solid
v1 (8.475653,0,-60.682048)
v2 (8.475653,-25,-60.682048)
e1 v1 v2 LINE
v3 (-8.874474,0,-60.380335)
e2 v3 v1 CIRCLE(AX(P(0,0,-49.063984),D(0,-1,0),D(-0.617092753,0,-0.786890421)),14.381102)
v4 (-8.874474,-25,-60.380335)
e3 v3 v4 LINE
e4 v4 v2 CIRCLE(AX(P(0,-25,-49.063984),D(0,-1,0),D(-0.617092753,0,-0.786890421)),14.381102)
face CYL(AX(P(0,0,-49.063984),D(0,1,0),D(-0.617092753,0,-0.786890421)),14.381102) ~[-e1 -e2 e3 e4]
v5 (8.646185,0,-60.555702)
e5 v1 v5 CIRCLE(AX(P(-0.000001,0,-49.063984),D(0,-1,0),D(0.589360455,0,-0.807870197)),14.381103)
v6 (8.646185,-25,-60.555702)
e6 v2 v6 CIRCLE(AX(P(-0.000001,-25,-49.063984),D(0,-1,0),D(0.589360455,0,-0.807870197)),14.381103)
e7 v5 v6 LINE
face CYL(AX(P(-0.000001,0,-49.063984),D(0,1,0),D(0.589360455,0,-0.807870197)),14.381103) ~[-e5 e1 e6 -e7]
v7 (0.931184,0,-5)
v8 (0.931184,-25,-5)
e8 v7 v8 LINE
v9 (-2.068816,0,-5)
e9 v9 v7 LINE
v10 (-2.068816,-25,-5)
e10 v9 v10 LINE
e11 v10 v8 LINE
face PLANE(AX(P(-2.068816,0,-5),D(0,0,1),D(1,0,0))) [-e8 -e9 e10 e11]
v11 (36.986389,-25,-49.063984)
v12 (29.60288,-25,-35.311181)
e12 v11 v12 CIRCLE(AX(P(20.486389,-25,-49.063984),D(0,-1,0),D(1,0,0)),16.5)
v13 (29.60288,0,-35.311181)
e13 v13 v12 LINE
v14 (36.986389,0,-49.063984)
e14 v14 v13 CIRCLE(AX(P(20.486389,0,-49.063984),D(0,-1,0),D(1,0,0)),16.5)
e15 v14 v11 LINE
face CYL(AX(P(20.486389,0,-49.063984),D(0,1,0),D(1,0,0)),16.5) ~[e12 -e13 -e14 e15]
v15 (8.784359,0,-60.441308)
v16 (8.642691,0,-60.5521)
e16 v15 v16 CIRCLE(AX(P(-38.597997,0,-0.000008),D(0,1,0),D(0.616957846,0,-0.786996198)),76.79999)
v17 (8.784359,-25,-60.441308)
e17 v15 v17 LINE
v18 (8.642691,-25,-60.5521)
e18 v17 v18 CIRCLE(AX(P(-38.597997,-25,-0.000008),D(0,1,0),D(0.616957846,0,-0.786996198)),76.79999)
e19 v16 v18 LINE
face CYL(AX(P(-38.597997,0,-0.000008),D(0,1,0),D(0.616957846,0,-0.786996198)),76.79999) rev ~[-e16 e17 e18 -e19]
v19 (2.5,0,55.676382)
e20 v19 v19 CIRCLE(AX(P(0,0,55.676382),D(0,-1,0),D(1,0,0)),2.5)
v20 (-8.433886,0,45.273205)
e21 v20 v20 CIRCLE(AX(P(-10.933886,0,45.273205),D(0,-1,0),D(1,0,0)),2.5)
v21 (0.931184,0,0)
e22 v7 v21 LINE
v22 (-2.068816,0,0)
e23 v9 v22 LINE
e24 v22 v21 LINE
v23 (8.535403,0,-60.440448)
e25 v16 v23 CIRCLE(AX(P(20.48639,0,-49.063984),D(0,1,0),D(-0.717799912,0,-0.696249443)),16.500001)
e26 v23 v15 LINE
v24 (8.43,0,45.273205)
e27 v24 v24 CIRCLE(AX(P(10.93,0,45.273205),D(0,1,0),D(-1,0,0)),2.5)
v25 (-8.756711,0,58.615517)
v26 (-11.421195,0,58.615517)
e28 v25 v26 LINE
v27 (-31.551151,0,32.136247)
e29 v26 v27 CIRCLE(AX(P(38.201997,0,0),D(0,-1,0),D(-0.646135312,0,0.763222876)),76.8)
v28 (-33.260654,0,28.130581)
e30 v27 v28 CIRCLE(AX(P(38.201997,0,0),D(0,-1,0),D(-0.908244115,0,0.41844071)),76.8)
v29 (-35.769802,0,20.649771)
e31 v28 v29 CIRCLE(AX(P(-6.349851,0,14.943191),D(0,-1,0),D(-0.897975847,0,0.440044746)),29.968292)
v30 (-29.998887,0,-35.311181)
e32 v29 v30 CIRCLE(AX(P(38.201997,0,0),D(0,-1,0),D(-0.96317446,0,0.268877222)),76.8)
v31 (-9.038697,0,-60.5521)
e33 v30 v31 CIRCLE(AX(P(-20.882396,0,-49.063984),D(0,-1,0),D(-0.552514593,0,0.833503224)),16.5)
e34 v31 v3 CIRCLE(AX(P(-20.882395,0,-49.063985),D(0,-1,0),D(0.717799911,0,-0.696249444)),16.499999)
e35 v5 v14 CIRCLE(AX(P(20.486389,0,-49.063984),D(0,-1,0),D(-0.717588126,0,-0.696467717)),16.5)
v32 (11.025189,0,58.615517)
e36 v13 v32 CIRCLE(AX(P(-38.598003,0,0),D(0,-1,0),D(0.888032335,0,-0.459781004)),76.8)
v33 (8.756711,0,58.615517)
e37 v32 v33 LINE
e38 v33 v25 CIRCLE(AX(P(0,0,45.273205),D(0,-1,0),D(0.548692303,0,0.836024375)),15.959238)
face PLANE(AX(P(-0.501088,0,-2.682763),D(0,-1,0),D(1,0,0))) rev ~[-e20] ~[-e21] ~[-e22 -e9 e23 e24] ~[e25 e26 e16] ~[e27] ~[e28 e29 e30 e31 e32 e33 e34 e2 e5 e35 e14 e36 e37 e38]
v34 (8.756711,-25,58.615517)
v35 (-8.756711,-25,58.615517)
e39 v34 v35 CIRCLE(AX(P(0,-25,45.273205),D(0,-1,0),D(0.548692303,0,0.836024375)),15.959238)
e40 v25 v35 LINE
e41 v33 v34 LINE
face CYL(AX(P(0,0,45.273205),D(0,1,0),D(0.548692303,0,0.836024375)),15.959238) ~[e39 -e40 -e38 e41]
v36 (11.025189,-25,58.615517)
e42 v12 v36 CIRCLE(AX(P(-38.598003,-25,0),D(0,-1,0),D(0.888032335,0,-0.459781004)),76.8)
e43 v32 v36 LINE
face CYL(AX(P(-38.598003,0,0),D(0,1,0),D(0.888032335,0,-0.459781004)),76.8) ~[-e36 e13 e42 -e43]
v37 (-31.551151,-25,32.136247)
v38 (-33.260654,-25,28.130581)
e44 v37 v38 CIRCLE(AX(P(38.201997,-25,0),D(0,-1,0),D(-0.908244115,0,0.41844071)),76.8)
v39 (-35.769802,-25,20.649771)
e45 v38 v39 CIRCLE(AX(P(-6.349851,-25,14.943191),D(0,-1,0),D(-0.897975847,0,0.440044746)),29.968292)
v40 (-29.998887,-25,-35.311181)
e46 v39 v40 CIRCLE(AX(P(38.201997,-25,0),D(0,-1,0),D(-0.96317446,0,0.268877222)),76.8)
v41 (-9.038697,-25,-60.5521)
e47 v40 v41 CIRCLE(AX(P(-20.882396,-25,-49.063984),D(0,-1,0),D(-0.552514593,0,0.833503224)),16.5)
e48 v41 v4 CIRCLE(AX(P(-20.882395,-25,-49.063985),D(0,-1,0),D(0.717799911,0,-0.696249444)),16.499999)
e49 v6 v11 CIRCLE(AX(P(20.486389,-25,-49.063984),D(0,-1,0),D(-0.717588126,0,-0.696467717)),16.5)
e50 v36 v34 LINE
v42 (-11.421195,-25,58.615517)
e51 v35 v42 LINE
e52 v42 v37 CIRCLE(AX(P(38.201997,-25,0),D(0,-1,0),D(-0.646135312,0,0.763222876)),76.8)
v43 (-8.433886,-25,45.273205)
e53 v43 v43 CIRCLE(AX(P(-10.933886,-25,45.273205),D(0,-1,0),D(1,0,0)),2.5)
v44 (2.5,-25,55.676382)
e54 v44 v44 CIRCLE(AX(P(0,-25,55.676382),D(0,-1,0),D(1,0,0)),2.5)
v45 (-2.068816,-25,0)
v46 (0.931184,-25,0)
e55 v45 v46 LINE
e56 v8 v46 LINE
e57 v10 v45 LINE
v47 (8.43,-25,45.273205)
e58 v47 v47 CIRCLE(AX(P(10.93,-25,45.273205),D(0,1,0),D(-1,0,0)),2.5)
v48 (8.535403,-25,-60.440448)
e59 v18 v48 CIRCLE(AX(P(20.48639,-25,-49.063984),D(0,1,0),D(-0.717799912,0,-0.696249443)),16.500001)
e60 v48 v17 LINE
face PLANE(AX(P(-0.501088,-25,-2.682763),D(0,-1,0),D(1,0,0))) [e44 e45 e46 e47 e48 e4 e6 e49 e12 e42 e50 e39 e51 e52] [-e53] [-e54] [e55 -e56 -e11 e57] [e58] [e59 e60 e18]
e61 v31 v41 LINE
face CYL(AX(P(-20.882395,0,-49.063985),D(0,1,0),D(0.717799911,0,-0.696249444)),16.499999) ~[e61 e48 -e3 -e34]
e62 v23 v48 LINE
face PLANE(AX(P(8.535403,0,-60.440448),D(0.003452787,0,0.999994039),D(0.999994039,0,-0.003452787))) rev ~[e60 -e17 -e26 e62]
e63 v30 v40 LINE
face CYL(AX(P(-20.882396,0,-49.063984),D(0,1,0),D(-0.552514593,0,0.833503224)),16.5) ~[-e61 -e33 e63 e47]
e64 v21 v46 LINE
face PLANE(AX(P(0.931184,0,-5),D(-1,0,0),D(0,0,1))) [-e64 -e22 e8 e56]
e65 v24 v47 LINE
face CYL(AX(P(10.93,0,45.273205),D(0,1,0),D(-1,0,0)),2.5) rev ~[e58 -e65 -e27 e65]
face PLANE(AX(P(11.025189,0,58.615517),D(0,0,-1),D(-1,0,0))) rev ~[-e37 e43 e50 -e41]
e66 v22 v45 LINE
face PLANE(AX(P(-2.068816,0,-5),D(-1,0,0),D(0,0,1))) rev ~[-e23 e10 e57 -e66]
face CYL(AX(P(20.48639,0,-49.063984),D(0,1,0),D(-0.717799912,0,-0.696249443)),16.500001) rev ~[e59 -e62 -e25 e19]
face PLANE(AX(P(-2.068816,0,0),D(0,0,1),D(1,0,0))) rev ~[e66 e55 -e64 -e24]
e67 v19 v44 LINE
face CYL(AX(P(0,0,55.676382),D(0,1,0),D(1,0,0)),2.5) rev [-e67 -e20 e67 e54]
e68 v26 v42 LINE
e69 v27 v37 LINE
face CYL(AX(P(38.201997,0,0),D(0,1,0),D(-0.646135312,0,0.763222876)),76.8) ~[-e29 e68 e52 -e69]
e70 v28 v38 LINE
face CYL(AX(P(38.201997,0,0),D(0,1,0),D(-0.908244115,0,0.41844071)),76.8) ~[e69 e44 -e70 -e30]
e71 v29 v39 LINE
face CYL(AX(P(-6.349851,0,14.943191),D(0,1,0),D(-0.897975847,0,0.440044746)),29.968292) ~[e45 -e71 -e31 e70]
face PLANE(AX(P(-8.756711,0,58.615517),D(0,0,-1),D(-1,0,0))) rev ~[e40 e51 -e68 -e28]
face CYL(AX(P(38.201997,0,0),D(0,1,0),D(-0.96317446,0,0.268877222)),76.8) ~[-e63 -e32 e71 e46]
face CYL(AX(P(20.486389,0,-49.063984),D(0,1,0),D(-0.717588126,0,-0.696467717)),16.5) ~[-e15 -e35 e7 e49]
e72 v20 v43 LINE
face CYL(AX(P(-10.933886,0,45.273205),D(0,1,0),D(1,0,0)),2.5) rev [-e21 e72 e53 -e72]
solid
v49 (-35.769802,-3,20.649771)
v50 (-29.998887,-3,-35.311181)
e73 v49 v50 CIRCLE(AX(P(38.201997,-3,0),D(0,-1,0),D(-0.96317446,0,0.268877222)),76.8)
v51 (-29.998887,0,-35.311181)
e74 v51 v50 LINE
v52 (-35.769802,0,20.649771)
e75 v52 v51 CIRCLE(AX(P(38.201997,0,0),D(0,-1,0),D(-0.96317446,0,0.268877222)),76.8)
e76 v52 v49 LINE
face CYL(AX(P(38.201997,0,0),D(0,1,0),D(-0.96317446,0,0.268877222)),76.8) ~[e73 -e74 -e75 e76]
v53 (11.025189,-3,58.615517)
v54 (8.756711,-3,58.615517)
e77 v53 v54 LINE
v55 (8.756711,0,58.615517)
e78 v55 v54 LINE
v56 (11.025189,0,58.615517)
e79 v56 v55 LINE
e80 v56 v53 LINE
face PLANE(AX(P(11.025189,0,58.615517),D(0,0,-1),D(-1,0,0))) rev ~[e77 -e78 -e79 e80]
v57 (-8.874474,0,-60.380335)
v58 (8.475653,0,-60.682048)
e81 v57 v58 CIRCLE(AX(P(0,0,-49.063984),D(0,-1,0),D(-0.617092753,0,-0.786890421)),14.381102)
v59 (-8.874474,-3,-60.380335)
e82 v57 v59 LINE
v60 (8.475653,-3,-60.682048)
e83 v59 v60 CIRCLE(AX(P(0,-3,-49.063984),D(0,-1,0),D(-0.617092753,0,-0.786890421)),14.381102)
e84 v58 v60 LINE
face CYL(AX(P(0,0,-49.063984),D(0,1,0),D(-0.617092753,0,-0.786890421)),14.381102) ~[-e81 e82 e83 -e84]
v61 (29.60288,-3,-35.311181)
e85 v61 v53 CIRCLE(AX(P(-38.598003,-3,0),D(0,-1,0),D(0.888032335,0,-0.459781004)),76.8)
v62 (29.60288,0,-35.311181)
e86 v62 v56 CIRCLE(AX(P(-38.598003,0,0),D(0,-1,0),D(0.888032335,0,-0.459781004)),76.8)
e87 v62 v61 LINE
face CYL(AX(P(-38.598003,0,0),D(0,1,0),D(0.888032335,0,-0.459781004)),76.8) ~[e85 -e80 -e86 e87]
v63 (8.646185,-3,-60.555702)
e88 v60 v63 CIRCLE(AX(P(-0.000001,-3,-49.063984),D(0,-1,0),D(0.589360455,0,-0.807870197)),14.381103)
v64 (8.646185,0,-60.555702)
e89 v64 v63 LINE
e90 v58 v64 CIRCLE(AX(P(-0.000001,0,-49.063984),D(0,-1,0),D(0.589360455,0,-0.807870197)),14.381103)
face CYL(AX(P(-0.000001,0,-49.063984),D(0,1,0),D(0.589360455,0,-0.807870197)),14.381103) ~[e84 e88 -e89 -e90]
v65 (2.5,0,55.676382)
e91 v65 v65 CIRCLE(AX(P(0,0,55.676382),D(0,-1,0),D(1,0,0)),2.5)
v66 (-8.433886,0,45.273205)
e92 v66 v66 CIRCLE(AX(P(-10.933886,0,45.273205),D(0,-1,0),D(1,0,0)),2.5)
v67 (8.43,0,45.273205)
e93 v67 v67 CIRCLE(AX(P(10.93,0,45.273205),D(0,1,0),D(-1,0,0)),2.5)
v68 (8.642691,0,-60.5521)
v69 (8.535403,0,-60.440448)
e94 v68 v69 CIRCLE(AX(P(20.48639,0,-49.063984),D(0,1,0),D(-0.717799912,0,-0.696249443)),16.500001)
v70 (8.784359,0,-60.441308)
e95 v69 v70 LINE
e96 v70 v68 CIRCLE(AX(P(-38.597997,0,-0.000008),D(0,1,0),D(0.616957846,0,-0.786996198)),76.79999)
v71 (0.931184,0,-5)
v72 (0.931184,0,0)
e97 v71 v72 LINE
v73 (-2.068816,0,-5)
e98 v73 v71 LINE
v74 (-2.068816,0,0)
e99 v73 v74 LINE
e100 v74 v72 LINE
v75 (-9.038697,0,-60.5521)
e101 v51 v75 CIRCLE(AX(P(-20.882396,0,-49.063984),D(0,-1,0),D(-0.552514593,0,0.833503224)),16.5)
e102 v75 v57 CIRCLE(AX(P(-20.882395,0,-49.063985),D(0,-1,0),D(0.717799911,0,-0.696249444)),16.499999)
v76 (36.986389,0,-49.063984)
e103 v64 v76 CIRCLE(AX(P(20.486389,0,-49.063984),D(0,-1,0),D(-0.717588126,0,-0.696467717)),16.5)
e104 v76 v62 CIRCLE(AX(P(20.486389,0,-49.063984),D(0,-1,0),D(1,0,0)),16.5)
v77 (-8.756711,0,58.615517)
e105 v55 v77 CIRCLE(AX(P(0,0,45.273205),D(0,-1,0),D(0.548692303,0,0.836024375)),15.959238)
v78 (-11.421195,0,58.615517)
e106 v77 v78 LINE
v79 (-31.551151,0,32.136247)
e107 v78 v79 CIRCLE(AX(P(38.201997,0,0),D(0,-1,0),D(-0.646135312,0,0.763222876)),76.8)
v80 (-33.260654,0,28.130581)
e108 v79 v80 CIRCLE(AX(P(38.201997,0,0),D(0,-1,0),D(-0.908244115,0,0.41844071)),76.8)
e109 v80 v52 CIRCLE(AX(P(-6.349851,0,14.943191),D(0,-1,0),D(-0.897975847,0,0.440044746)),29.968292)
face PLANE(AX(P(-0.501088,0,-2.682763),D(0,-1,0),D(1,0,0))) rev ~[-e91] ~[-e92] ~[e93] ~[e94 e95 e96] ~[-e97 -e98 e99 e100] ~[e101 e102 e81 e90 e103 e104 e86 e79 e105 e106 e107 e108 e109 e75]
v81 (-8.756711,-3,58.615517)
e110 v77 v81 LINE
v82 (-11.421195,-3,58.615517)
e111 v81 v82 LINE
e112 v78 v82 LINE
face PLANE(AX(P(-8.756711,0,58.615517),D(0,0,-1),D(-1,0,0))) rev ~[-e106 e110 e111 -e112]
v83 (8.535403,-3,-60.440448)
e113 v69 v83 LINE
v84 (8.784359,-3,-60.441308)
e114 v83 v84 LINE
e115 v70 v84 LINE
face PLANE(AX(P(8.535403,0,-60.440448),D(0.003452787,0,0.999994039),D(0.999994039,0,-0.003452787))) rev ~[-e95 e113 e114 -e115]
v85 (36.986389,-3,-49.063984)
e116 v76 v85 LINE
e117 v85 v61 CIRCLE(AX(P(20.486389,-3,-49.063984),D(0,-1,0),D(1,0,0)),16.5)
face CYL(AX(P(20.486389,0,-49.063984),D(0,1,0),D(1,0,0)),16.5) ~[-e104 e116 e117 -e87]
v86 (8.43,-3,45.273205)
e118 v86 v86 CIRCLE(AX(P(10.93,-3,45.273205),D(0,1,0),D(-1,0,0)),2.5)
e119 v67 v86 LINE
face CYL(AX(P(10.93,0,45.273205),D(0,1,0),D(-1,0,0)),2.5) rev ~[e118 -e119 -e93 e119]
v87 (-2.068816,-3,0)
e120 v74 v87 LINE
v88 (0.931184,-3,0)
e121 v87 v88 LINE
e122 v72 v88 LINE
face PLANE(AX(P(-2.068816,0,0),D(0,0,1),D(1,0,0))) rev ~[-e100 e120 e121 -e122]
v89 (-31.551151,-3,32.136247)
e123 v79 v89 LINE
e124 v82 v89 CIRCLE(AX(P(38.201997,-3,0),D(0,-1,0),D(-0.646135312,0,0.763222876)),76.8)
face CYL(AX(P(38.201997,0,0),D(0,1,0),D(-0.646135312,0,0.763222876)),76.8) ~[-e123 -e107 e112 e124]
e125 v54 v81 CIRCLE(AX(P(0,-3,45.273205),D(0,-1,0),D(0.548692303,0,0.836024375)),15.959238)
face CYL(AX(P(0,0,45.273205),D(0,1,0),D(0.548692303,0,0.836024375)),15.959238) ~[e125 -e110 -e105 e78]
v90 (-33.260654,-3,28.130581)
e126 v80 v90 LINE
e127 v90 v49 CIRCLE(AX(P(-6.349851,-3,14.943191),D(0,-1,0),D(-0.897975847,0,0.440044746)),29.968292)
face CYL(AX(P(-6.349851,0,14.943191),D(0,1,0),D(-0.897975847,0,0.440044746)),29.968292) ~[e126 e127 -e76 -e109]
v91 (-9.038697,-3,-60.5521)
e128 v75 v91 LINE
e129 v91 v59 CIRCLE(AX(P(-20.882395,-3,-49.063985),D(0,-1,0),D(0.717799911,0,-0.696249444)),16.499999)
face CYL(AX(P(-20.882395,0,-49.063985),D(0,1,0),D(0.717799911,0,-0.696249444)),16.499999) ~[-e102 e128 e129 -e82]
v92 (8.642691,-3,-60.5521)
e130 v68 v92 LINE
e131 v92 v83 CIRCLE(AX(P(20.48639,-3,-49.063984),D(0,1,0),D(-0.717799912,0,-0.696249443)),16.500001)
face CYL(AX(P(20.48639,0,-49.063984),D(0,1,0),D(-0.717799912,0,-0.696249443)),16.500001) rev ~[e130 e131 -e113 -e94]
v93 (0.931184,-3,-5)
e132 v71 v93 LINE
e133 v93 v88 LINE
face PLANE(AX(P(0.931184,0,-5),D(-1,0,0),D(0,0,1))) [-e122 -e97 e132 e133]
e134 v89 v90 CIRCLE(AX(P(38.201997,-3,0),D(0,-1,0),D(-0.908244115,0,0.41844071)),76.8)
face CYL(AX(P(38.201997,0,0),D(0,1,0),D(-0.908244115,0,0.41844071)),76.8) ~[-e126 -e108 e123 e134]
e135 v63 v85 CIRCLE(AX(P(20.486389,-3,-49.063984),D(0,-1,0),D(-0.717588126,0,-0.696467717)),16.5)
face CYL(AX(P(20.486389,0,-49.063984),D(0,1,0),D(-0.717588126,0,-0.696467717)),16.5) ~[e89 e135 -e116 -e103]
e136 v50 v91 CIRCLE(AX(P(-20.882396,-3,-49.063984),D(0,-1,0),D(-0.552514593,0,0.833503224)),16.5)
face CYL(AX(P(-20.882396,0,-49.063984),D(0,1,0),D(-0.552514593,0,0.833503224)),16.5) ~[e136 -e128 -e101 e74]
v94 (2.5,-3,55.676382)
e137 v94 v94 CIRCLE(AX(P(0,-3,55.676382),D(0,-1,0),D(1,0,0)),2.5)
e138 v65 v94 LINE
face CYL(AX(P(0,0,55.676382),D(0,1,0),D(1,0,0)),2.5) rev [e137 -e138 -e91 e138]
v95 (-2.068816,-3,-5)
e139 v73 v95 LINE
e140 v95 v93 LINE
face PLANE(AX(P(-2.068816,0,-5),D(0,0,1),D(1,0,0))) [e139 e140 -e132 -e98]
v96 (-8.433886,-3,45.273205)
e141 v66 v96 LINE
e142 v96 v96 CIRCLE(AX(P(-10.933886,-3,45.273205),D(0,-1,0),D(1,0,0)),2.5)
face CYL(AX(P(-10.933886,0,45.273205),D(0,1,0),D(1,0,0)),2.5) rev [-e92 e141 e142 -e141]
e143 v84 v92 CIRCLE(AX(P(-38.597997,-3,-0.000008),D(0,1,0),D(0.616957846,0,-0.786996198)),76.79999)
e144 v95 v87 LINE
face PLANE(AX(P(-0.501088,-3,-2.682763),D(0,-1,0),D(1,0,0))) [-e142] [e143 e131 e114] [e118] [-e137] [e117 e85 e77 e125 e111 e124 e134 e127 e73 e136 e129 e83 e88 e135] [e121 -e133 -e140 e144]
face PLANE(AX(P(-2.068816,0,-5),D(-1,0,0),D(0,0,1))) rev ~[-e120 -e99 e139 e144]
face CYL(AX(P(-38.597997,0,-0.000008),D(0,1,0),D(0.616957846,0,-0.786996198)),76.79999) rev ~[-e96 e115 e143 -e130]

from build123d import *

# Parameters (mm, degrees)
F0_W     = 3
F0_H     = 5
F0_R     = 2.5
F1_DEPTH = 25
F2_DEPTH = 3


with BuildPart() as f1:
    # F0 (on Front) → F1 (new body)
    with BuildSketch(Plane.XZ):
        with BuildLine():
            ThreePointArc((-8.874473618, -60.3803354536), (-0.2500442461, -63.4429120532), (8.4756526138, -60.6820477446))
            ThreePointArc((8.4756526138, -60.6820477446), (8.5592164255, -60.6171314673), (8.6426907154, -60.5521001163))
            ThreePointArc((8.6426907154, -60.5521001163), (8.5889160489, -60.4964001171), (8.5354033323, -60.4404484071))
            ThreePointArc((8.5354033323, -60.4404484071), (7.8420779084, -38.4634470273), (29.6028800387, -35.3111811071))
            ThreePointArc((29.6028800387, -35.3111811071), (36.7424528219, 14.901532493), (11.0251886635, 58.6155168781))
            Line((11.0251886635, 58.6155168781), (8.7567111231, 58.6155168781))
            ThreePointArc((8.7567111231, 58.6155168781), (0, 61.2324429176), (-8.7567111231, 58.6155168781))
            Line((-8.7567111231, 58.6155168781), (-11.4211952728, 58.6155168781))
            ThreePointArc((-11.4211952728, 58.6155168781), (-22.9369072497, 46.4787523973), (-31.5511513118, 32.136246562))
            ThreePointArc((-31.5511513118, 32.136246562), (-32.4343026, 30.1455340285), (-33.2606538291, 28.130580869))
            ThreePointArc((-33.2606538291, 28.130580869), (-34.7625080708, 24.4731163296), (-35.7698018027, 20.6497706274))
            ThreePointArc((-35.7698018027, 20.6497706274), (-38.1928650118, -7.8781409447), (-29.9988866481, -35.3111811071))
            ThreePointArc((-29.9988866481, -35.3111811071), (-13.0776568531, -34.5265825779), (-4.3823958644, -49.0639843047))
            ThreePointArc((-4.3823958644, -49.0639843047), (-5.5464785938, -55.1516473594), (-8.874473618, -60.3803354536))
        make_face()
        with Locations((-0.5688162185, -2.5)):
            Rectangle(F0_W, F0_H, mode=Mode.SUBTRACT)
        with Locations((-10.9338862821, 45.273204802)):
            Circle(F0_R, mode=Mode.SUBTRACT)
        with BuildLine():
            ThreePointArc((13.43, 45.273204802), (10.93, 42.773204802), (8.43, 45.273204802))
            ThreePointArc((8.43, 45.273204802), (10.93, 47.773204802), (13.43, 45.273204802))
        make_face(mode=Mode.SUBTRACT)
        with Locations((0, 55.676382035)):
            Circle(F0_R, mode=Mode.SUBTRACT)
        with BuildLine():
            ThreePointArc((8.6426907154, -60.5521001163), (8.5592164255, -60.6171314673), (8.4756526138, -60.6820477446))
            ThreePointArc((8.4756526138, -60.6820477446), (8.5611519745, -60.6191892874), (8.6461851726, -60.5557016387))
            ThreePointArc((8.6461851726, -60.5557016387), (8.6444378071, -60.5539010104), (8.6426907154, -60.5521001163))
        make_face()
        with BuildLine():
            ThreePointArc((8.7843593079, -60.4413080042), (8.7135574427, -60.4967455294), (8.6426907154, -60.5521001163))
            ThreePointArc((8.6426907154, -60.5521001163), (8.6444378071, -60.5539010104), (8.6461851726, -60.5557016387))
            ThreePointArc((8.6461851726, -60.5557016387), (26.6866566944, -64.3547227983), (36.9863892551, -49.0639843047))
            ThreePointArc((36.9863892551, -49.0639843047), (35.0237909818, -41.2592452934), (29.6028800387, -35.3111811071))
            ThreePointArc((29.6028800387, -35.3111811071), (7.8420779084, -38.4634470273), (8.5354033323, -60.4404484071))
            Line((8.5354033323, -60.4404484071), (8.7843593079, -60.4413080042))
        make_face()
        with BuildLine():
            Line((-9.2597323875, -60.3790052292), (-8.874473618, -60.3803354536))
            ThreePointArc((-8.874473618, -60.3803354536), (-5.5464785938, -55.1516473594), (-4.3823958644, -49.0639843047))
            ThreePointArc((-4.3823958644, -49.0639843047), (-13.0776568531, -34.5265825779), (-29.9988866481, -35.3111811071))
            ThreePointArc((-29.9988866481, -35.3111811071), (-33.5763083284, -59.6050746827), (-9.0386973248, -60.5521001163))
            ThreePointArc((-9.0386973248, -60.5521001163), (-9.1492939508, -60.4656536734), (-9.2597323875, -60.3790052292))
        make_face()
        with BuildLine():
            ThreePointArc((-9.0386973248, -60.5521001163), (-8.9562762396, -60.4665134406), (-8.874473618, -60.3803354536))
            Line((-8.874473618, -60.3803354536), (-9.2597323875, -60.3790052292))
            ThreePointArc((-9.2597323875, -60.3790052292), (-9.1492939508, -60.4656536734), (-9.0386973248, -60.5521001163))
        make_face()
    extrude(amount=F1_DEPTH)


with BuildPart() as f2:
    # F0 (on Front) → F2 (new body)
    with BuildSketch(Plane.XZ):
        with BuildLine():
            ThreePointArc((-8.874473618, -60.3803354536), (-0.2500442461, -63.4429120532), (8.4756526138, -60.6820477446))
            ThreePointArc((8.4756526138, -60.6820477446), (8.5592164255, -60.6171314673), (8.6426907154, -60.5521001163))
            ThreePointArc((8.6426907154, -60.5521001163), (8.5889160489, -60.4964001171), (8.5354033323, -60.4404484071))
            ThreePointArc((8.5354033323, -60.4404484071), (7.8420779084, -38.4634470273), (29.6028800387, -35.3111811071))
            ThreePointArc((29.6028800387, -35.3111811071), (36.7424528219, 14.901532493), (11.0251886635, 58.6155168781))
            Line((11.0251886635, 58.6155168781), (8.7567111231, 58.6155168781))
            ThreePointArc((8.7567111231, 58.6155168781), (0, 61.2324429176), (-8.7567111231, 58.6155168781))
            Line((-8.7567111231, 58.6155168781), (-11.4211952728, 58.6155168781))
            ThreePointArc((-11.4211952728, 58.6155168781), (-22.9369072497, 46.4787523973), (-31.5511513118, 32.136246562))
            ThreePointArc((-31.5511513118, 32.136246562), (-32.4343026, 30.1455340285), (-33.2606538291, 28.130580869))
            ThreePointArc((-33.2606538291, 28.130580869), (-34.7625080708, 24.4731163296), (-35.7698018027, 20.6497706274))
            ThreePointArc((-35.7698018027, 20.6497706274), (-38.1928650118, -7.8781409447), (-29.9988866481, -35.3111811071))
            ThreePointArc((-29.9988866481, -35.3111811071), (-13.0776568531, -34.5265825779), (-4.3823958644, -49.0639843047))
            ThreePointArc((-4.3823958644, -49.0639843047), (-5.5464785938, -55.1516473594), (-8.874473618, -60.3803354536))
        make_face()
        with Locations((-0.5688162185, -2.5)):
            Rectangle(F0_W, F0_H, mode=Mode.SUBTRACT)
        with Locations((-10.9338862821, 45.273204802)):
            Circle(F0_R, mode=Mode.SUBTRACT)
        with BuildLine():
            ThreePointArc((13.43, 45.273204802), (10.93, 42.773204802), (8.43, 45.273204802))
            ThreePointArc((8.43, 45.273204802), (10.93, 47.773204802), (13.43, 45.273204802))
        make_face(mode=Mode.SUBTRACT)
        with Locations((0, 55.676382035)):
            Circle(F0_R, mode=Mode.SUBTRACT)
        with BuildLine():
            ThreePointArc((8.6426907154, -60.5521001163), (8.5592164255, -60.6171314673), (8.4756526138, -60.6820477446))
            ThreePointArc((8.4756526138, -60.6820477446), (8.5611519745, -60.6191892874), (8.6461851726, -60.5557016387))
            ThreePointArc((8.6461851726, -60.5557016387), (8.6444378071, -60.5539010104), (8.6426907154, -60.5521001163))
        make_face()
        with BuildLine():
            ThreePointArc((8.7843593079, -60.4413080042), (8.7135574427, -60.4967455294), (8.6426907154, -60.5521001163))
            ThreePointArc((8.6426907154, -60.5521001163), (8.6444378071, -60.5539010104), (8.6461851726, -60.5557016387))
            ThreePointArc((8.6461851726, -60.5557016387), (26.6866566944, -64.3547227983), (36.9863892551, -49.0639843047))
            ThreePointArc((36.9863892551, -49.0639843047), (35.0237909818, -41.2592452934), (29.6028800387, -35.3111811071))
            ThreePointArc((29.6028800387, -35.3111811071), (7.8420779084, -38.4634470273), (8.5354033323, -60.4404484071))
            Line((8.5354033323, -60.4404484071), (8.7843593079, -60.4413080042))
        make_face()
        with BuildLine():
            Line((-9.2597323875, -60.3790052292), (-8.874473618, -60.3803354536))
            ThreePointArc((-8.874473618, -60.3803354536), (-5.5464785938, -55.1516473594), (-4.3823958644, -49.0639843047))
            ThreePointArc((-4.3823958644, -49.0639843047), (-13.0776568531, -34.5265825779), (-29.9988866481, -35.3111811071))
            ThreePointArc((-29.9988866481, -35.3111811071), (-33.5763083284, -59.6050746827), (-9.0386973248, -60.5521001163))
            ThreePointArc((-9.0386973248, -60.5521001163), (-9.1492939508, -60.4656536734), (-9.2597323875, -60.3790052292))
        make_face()
        with BuildLine():
            ThreePointArc((-9.0386973248, -60.5521001163), (-8.9562762396, -60.4665134406), (-8.874473618, -60.3803354536))
            Line((-8.874473618, -60.3803354536), (-9.2597323875, -60.3790052292))
            ThreePointArc((-9.2597323875, -60.3790052292), (-9.1492939508, -60.4656536734), (-9.0386973248, -60.5521001163))
        make_face()
    extrude(amount=F2_DEPTH)


solid = Compound([f1.part, f2.part])
